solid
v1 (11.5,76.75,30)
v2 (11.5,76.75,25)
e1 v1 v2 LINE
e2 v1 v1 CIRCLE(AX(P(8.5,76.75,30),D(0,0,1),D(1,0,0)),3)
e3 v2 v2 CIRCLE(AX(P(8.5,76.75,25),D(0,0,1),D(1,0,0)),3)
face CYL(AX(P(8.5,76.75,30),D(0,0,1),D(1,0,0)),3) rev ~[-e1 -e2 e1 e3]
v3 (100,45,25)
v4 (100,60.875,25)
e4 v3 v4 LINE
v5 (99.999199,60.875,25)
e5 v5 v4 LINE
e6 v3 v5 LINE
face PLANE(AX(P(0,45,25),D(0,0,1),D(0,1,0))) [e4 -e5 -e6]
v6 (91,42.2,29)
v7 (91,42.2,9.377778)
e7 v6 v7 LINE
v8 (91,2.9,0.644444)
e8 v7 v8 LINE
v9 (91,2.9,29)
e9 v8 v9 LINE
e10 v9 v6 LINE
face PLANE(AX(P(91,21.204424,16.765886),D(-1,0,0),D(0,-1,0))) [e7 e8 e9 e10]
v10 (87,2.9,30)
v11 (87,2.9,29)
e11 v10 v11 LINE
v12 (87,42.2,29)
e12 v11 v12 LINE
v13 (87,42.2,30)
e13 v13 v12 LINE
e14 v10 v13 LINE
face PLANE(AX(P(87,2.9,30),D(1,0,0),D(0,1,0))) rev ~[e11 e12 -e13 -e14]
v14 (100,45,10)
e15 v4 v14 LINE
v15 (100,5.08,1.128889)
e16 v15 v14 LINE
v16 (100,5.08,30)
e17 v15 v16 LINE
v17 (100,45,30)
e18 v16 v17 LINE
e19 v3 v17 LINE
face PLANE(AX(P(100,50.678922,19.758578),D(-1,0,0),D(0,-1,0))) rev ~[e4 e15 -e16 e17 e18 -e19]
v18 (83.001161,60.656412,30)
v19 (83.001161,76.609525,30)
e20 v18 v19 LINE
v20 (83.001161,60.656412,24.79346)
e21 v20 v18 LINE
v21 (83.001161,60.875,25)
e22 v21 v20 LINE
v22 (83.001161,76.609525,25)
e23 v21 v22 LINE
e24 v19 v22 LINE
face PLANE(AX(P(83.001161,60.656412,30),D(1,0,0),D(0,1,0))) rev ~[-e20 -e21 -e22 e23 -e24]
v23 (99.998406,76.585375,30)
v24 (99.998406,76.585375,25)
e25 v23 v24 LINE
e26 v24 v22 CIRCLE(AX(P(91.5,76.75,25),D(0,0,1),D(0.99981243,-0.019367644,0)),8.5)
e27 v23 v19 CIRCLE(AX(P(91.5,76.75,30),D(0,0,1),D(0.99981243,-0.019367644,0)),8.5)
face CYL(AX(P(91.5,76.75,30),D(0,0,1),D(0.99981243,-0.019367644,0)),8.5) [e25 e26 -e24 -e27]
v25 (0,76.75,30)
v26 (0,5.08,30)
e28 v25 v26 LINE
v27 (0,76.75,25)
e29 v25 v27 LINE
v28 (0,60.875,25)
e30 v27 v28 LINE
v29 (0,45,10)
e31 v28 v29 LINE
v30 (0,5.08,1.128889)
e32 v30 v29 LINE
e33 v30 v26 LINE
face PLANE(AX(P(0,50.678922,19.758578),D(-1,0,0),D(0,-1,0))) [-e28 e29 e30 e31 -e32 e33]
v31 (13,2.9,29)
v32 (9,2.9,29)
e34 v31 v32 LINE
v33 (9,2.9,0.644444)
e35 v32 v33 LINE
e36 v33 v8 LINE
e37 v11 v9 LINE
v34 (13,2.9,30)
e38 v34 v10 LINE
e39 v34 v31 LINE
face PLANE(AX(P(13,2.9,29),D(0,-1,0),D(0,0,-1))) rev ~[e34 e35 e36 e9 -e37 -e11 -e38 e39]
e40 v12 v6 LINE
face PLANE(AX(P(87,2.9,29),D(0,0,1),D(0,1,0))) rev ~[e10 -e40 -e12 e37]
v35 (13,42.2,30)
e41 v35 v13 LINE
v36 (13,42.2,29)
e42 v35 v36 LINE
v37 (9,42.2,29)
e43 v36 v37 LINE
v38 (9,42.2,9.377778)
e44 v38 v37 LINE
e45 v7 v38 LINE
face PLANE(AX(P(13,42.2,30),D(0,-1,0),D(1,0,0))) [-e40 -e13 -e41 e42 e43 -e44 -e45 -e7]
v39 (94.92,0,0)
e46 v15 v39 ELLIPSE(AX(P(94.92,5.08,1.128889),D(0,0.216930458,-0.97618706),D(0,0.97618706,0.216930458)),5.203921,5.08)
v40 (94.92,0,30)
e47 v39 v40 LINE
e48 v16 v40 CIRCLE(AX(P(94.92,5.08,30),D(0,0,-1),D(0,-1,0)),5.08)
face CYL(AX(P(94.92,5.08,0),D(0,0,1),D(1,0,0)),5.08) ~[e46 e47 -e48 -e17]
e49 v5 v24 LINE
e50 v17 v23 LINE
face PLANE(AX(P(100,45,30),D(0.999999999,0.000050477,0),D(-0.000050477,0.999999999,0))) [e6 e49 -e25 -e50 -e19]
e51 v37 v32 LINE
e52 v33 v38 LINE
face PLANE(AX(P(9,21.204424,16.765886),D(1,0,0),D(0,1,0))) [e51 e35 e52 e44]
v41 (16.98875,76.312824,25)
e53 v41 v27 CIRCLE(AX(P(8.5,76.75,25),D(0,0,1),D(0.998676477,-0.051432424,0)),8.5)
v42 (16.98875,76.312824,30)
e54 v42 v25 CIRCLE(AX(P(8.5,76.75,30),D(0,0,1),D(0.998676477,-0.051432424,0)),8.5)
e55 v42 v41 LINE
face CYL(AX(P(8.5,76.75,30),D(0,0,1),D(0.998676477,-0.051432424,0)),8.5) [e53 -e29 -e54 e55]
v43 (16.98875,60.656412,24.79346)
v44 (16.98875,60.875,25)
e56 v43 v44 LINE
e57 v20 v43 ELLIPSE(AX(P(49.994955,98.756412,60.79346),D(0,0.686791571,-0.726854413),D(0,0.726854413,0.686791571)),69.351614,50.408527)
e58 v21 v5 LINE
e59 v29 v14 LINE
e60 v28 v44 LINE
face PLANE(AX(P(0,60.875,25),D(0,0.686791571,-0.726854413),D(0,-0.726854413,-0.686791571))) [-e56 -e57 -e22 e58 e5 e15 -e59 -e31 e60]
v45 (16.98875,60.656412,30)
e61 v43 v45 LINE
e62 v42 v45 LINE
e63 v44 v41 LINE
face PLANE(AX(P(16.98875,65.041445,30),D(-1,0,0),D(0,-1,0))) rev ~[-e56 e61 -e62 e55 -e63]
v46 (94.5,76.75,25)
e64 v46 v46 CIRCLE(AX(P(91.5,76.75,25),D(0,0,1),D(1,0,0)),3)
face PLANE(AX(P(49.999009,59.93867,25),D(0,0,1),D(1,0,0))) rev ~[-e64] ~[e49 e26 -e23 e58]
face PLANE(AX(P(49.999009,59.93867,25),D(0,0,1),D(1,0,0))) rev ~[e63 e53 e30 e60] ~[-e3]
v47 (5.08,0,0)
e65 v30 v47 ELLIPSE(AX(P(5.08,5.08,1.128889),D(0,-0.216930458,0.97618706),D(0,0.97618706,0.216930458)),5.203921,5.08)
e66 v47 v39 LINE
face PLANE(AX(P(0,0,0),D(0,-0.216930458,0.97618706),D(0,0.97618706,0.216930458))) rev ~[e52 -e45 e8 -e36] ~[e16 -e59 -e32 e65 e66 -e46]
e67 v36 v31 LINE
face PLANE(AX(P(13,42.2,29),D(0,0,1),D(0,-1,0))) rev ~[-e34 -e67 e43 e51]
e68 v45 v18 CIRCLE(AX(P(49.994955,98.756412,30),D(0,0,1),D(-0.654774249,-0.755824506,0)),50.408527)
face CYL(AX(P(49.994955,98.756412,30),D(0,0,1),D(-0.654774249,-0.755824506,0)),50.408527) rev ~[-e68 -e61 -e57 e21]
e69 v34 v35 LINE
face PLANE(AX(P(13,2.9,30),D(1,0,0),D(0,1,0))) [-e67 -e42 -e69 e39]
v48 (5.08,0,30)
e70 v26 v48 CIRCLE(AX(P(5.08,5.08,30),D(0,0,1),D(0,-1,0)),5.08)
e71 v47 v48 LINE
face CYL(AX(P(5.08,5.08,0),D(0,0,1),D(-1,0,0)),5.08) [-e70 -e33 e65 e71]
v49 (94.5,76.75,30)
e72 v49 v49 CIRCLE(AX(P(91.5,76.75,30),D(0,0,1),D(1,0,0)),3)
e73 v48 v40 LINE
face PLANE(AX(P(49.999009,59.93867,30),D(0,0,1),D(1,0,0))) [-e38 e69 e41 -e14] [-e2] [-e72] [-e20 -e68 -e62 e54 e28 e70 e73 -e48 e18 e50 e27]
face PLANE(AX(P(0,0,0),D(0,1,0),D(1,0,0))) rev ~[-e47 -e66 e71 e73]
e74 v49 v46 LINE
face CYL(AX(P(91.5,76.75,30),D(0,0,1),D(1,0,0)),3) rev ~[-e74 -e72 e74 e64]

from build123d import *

# Parameters (mm, degrees)
F0_W      = 100
F0_H      = 45
F1_DEPTH  = 30
F2_W      = 74
F2_H      = 39.3
F3_DEPTH  = 30.001
F5_DEPTH  = 100.001
F7_DEPTH  = 5
F10_DEPTH = 100
F12_DEPTH = 25.4
F13_R     = 3
F14_DEPTH = 25.4
F15_R     = 5.08
F17_DEPTH = 4
F19_DEPTH = 4


with BuildPart() as f1:
    # F0 (on Top) → F1 (new body)
    with BuildSketch(Plane.XY):
        with Locations((50, 22.5)):
            Rectangle(F0_W, F0_H)
    extrude(amount=F1_DEPTH)

    # F2 (on face) → F3 (cut, through all)
    with BuildSketch(Plane.XY.offset(30)):
        with Locations((50, 22.55)):
            Rectangle(F2_W, F2_H)
    extrude(amount=-F3_DEPTH, mode=Mode.SUBTRACT)

    # F4 (on face) → F5 (cut, through all)
    with BuildSketch(Plane(origin=(0, 0, 0), x_dir=(0, -1, 0), z_dir=(-1, 0, 0))):
        Polygon((-45, 0), (0, 0), (-45, 10), align=None)
    extrude(amount=-F5_DEPTH, mode=Mode.SUBTRACT)

    # F6 (on face) → F7 (join)
    with BuildSketch(Plane.XY.offset(30)):
        with BuildLine():
            Line((16.9887500545, 60.6564121963), (16.9887500545, 76.3128243926))
            ThreePointArc((16.9887500545, 76.3128243926), (8.7186601661, 85.2471870482), (0, 76.75))
            Line((0, 76.75), (0, 45))
            Line((0, 45), (100, 45))
            Line((100, 45), (99.9984056515, 76.5853750228))
            ThreePointArc((99.9984056515, 76.5853750228), (91.5120769432, 85.2499914204), (83.0011608569, 76.609525019))
            Line((83.0011608569, 76.609525019), (83.0011608569, 60.6564121963))
            Line((83.0011608569, 60.6564121963), (16.9887500545, 60.6564121963))
        make_face()
    extrude(amount=-F7_DEPTH)

    # F8: union 

    # F9 (on face) → F10 (join)
    with BuildSketch(Plane(origin=(0, 0, 0), x_dir=(0, -1, 0), z_dir=(-1, 0, 0))):
        Polygon((-60.875, 25), (-45, 10), (-45, 25), align=None)
    extrude(amount=-F10_DEPTH)

    # F11 (on face) → F12 (cut)
    with BuildSketch(Plane.XY.offset(30)):
        with BuildLine():
            Line((16.9887500545, 65.0414451957), (16.9887500545, 60.6564121963))
            ThreePointArc((16.9887500545, 60.6564121963), (49.9949554557, 48.3478851896), (83.0011608569, 60.6564121963))
            Line((83.0011608569, 60.6564121963), (83.0011608569, 65.0414451957))
            Line((83.0011608569, 65.0414451957), (16.9887500545, 65.0414451957))
        make_face()
    extrude(amount=-F12_DEPTH, mode=Mode.SUBTRACT)

    # F13 (on face) → F14 (cut)
    with BuildSketch(Plane.XY.offset(30)):
        with Locations((8.5, 76.75)):
            Circle(F13_R)
        with Locations((91.5, 76.75)):
            Circle(F13_R)
    extrude(amount=-F14_DEPTH, mode=Mode.SUBTRACT)

    # F15
    f15_edges = [f1.edges().sort_by_distance(p)[0] for p in [
        (0, 0, 15),
        (100, 0, 15),
    ]]
    fillet(f15_edges, radius=F15_R)

    # F16 (on face) → F17 (cut)
    with BuildSketch(Plane.YZ.offset(13)):
        Polygon((2.9, 29), (2.9, 0.6444444444), (42.2, 9.3777777778), (42.2, 29), align=None)
    extrude(amount=-F17_DEPTH, mode=Mode.SUBTRACT)

    # F18 (on face) → F19 (cut)
    with BuildSketch(Plane(origin=(87, 0, 0), x_dir=(0, -1, 0), z_dir=(-1, 0, 0))):
        Polygon((-42.2, 9.3777777778), (-2.9, 0.6444444444), (-2.9, 29), (-42.2, 29), align=None)
    extrude(amount=-F19_DEPTH, mode=Mode.SUBTRACT)


solid = f1.part
